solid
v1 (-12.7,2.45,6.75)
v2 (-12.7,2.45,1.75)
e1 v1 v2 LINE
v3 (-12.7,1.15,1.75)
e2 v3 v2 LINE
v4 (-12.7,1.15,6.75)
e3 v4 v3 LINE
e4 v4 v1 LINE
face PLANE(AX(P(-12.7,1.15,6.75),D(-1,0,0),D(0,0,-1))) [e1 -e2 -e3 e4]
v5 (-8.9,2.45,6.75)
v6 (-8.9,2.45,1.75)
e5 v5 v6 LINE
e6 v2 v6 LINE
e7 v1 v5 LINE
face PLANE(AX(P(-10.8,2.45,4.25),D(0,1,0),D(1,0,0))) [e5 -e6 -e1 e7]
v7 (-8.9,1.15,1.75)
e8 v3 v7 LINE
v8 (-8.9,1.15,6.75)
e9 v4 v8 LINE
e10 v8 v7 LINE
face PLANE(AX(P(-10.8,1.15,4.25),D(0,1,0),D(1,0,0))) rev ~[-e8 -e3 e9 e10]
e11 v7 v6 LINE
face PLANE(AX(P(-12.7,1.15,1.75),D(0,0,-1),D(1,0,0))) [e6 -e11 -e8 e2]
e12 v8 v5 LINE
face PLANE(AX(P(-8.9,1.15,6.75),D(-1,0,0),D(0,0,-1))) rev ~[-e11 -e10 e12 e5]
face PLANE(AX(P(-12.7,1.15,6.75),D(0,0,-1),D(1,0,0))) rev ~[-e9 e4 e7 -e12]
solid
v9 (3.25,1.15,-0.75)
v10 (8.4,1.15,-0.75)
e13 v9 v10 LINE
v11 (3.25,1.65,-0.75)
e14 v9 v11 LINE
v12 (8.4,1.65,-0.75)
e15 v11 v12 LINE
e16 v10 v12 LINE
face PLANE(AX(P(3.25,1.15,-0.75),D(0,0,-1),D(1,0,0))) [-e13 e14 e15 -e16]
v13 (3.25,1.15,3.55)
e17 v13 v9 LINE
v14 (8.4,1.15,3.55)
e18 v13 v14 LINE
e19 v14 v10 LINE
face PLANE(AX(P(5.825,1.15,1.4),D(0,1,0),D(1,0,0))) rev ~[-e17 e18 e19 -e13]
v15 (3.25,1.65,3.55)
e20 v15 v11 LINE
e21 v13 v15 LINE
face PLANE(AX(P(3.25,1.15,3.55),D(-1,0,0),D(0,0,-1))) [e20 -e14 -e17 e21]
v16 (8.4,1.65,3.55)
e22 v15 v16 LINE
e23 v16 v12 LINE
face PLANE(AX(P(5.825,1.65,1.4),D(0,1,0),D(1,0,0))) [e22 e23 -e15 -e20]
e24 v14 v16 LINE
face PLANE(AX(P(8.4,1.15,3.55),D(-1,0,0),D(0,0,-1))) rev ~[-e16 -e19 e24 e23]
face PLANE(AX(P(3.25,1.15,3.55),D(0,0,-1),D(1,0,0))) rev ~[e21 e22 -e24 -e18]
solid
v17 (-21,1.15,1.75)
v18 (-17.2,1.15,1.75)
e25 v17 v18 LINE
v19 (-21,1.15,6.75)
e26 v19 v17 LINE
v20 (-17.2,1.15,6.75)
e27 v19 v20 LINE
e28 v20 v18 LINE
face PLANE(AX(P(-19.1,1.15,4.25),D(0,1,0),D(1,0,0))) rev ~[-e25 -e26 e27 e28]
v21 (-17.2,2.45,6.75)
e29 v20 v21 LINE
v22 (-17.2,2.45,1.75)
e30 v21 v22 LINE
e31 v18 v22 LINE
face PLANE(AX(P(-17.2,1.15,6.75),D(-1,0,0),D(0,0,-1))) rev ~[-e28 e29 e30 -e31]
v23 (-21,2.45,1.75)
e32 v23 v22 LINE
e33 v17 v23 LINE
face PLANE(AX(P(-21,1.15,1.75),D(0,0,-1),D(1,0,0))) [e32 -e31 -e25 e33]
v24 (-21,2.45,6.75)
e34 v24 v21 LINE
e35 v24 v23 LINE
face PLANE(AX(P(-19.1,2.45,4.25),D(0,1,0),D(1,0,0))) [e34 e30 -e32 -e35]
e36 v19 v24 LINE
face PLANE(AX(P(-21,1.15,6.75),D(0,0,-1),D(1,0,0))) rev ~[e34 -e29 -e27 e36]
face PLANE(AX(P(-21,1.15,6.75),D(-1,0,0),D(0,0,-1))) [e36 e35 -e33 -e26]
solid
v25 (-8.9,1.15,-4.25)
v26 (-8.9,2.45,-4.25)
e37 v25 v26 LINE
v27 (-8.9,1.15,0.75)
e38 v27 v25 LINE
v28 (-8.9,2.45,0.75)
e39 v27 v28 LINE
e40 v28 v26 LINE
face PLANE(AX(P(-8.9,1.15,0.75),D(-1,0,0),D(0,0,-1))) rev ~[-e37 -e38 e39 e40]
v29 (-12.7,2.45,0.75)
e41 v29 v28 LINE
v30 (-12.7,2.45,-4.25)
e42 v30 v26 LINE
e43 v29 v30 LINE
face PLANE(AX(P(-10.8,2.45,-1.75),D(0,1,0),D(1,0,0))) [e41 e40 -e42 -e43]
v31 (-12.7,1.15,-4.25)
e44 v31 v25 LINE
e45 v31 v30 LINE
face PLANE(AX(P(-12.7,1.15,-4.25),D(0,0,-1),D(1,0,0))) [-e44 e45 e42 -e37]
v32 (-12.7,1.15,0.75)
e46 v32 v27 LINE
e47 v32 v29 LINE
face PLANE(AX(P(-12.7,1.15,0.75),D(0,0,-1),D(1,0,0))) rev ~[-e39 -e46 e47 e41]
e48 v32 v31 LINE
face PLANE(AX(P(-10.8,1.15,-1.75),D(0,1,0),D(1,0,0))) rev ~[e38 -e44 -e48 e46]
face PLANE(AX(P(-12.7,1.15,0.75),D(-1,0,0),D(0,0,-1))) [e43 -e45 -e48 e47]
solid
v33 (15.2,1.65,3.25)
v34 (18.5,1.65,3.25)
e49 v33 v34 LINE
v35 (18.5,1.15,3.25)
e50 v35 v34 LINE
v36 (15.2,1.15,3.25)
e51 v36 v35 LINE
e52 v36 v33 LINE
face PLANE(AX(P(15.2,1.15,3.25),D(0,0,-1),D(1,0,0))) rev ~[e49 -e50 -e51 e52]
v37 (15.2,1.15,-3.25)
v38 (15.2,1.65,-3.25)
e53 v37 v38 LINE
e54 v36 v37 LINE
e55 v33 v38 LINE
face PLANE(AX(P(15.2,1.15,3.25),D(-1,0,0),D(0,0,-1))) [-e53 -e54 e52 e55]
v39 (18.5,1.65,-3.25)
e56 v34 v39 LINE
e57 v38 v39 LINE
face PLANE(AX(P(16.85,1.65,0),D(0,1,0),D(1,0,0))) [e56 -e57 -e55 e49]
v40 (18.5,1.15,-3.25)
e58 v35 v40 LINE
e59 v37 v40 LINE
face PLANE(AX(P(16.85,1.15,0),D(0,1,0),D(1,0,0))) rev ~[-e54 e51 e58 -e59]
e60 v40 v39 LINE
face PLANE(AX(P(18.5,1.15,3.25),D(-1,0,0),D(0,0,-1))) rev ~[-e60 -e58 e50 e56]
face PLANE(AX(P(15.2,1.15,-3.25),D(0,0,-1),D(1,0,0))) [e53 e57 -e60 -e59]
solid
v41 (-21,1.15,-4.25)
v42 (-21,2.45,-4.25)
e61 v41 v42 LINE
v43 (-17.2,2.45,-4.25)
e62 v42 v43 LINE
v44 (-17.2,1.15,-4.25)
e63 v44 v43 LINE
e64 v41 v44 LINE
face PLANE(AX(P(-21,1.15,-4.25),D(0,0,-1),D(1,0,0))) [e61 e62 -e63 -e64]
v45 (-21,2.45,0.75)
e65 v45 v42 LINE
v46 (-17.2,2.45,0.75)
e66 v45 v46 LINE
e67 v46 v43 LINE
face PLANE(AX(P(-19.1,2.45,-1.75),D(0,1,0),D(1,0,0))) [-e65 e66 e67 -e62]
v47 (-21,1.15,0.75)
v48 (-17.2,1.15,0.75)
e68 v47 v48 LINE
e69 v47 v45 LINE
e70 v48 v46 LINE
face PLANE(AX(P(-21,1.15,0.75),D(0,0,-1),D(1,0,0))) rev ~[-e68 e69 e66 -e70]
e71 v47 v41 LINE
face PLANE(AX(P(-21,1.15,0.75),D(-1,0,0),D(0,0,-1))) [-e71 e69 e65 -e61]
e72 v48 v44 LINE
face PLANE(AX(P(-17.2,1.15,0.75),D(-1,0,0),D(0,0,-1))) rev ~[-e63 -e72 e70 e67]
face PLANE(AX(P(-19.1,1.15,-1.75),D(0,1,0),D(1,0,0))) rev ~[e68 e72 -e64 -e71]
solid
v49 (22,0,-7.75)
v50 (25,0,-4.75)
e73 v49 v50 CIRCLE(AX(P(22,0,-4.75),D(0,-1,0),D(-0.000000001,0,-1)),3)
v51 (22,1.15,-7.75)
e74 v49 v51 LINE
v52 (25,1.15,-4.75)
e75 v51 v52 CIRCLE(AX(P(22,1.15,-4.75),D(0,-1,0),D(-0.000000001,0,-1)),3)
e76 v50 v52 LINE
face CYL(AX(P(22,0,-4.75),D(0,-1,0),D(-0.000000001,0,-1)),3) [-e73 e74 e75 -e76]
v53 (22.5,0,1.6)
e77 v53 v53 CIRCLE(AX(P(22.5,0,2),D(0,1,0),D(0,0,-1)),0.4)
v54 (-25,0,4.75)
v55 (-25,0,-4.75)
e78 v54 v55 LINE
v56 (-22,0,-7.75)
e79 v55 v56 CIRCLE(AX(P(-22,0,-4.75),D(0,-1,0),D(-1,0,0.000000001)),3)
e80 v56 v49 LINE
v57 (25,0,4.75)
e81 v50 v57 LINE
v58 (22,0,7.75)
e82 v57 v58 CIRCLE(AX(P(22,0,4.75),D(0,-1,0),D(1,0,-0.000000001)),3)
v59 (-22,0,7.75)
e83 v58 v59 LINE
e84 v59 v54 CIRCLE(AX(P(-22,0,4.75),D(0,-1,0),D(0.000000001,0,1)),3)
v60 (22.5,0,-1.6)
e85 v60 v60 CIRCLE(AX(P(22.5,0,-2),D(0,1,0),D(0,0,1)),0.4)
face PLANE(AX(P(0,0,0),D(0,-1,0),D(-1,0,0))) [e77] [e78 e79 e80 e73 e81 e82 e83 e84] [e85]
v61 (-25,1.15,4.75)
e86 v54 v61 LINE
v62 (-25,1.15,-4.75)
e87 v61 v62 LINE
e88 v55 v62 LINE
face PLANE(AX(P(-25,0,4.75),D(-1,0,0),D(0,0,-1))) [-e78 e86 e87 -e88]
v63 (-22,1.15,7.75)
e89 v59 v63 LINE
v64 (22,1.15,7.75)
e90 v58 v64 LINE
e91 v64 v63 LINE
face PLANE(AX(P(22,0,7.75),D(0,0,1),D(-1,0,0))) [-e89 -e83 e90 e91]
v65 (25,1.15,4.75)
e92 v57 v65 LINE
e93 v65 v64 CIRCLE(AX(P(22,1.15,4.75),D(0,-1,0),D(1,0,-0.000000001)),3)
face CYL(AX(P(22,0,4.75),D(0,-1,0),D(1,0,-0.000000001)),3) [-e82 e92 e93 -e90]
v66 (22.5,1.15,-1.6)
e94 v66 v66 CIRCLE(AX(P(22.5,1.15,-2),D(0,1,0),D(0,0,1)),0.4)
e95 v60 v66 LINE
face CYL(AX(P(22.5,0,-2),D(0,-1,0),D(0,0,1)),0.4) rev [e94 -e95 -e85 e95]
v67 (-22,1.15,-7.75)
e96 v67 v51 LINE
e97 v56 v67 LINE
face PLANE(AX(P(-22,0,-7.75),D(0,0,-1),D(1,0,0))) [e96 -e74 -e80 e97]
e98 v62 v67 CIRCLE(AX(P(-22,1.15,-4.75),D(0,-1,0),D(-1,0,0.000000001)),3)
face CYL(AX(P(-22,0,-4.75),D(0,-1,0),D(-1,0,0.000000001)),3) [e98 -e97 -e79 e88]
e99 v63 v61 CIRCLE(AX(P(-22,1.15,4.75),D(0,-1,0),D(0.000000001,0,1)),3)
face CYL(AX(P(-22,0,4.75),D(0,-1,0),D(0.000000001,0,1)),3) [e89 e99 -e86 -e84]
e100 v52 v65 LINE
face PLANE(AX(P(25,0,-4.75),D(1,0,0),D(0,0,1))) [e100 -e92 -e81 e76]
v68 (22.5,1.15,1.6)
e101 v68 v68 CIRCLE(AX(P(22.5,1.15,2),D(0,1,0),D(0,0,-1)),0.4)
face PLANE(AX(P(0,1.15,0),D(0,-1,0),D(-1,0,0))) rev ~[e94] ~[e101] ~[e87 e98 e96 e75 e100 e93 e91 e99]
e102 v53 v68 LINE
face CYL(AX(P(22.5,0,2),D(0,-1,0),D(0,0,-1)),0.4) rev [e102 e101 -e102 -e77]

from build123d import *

# Parameters (mm, degrees)
CROQUIS1_R                = 0.4
SALIENTE_EXTRUIR1_DEPTH   = 1.15
CROQUIS2_W                = 3.8
CROQUIS2_H                = 5
SALIENTE_EXTRUIR2_DEPTH   = 1.3
SALIENTE_EXTRUIR2_2_DEPTH = 1.3
SALIENTE_EXTRUIR2_3_DEPTH = 1.3
SALIENTE_EXTRUIR2_4_DEPTH = 1.3
CROQUIS3_W                = 5.15
CROQUIS3_H                = 4.3
SALIENTE_EXTRUIR3_DEPTH   = 0.5
CROQUIS3_W_2              = 3.3
CROQUIS3_H_2              = 6.5
SALIENTE_EXTRUIR3_2_DEPTH = 0.5


with BuildPart() as part:
    # Croquis1 → Saliente-Extruir1 (new body)
    with BuildSketch(Plane(origin=(0, 0, 0), x_dir=(1, 0, 0), z_dir=(0, 1, 0))):
        with BuildLine():
            Line((-22, 7.75), (22, 7.75))
            ThreePointArc((22, 7.75), (24.121320344, 6.871320344), (25, 4.75))
            Line((25, 4.75), (25, -4.75))
            ThreePointArc((25, -4.75), (24.121320344, -6.871320344), (22, -7.75))
            Line((22, -7.75), (-22, -7.75))
            ThreePointArc((-22, -7.75), (-24.121320344, -6.871320344), (-25, -4.75))
            Line((-25, -4.75), (-25, 4.75))
            ThreePointArc((-25, 4.75), (-24.121320344, 6.871320344), (-22, 7.75))
        make_face()
        with Locations(Location((22.5, 2, 0), (0, 0, 270))):
            Circle(CROQUIS1_R, mode=Mode.SUBTRACT)
        with Locations(Location((22.5, -2, 0), (0, 0, 90))):
            Circle(CROQUIS1_R, mode=Mode.SUBTRACT)
    extrude(amount=SALIENTE_EXTRUIR1_DEPTH)


with BuildPart() as body_2:
    # Croquis2 → Saliente-Extruir2 (new body)
    with BuildSketch(Plane(origin=(0, 1.15, 0), x_dir=(1, 0, 0), z_dir=(0, 1, 0))):
        with Locations((-19.1, 1.75)):
            Rectangle(CROQUIS2_W, CROQUIS2_H)
    extrude(amount=SALIENTE_EXTRUIR2_DEPTH)


with BuildPart() as body_3:
    # Croquis2 → Saliente-Extruir2 2 (new body)
    with BuildSketch(Plane(origin=(0, 1.15, 0), x_dir=(1, 0, 0), z_dir=(0, 1, 0))):
        with Locations((-10.8, 1.75)):
            Rectangle(CROQUIS2_W, CROQUIS2_H)
    extrude(amount=SALIENTE_EXTRUIR2_2_DEPTH)


with BuildPart() as body_4:
    # Croquis2 → Saliente-Extruir2 3 (new body)
    with BuildSketch(Plane(origin=(0, 1.15, 0), x_dir=(1, 0, 0), z_dir=(0, 1, 0))):
        with Locations((-10.8, -4.25)):
            Rectangle(CROQUIS2_W, CROQUIS2_H)
    extrude(amount=SALIENTE_EXTRUIR2_3_DEPTH)


with BuildPart() as body_5:
    # Croquis2 → Saliente-Extruir2 4 (new body)
    with BuildSketch(Plane(origin=(0, 1.15, 0), x_dir=(1, 0, 0), z_dir=(0, 1, 0))):
        with Locations((-19.1, -4.25)):
            Rectangle(CROQUIS2_W, CROQUIS2_H)
    extrude(amount=SALIENTE_EXTRUIR2_4_DEPTH)


with BuildPart() as body_6:
    # Croquis3 → Saliente-Extruir3 (new body)
    with BuildSketch(Plane(origin=(0, 1.15, 0), x_dir=(1, 0, 0), z_dir=(0, 1, 0))):
        with Locations((5.825, -1.4)):
            Rectangle(CROQUIS3_W, CROQUIS3_H)
    extrude(amount=SALIENTE_EXTRUIR3_DEPTH)


with BuildPart() as body_7:
    # Croquis3 → Saliente-Extruir3 2 (new body)
    with BuildSketch(Plane(origin=(0, 1.15, 0), x_dir=(1, 0, 0), z_dir=(0, 1, 0))):
        with Locations((16.85, 0)):
            Rectangle(CROQUIS3_W_2, CROQUIS3_H_2)
    extrude(amount=SALIENTE_EXTRUIR3_2_DEPTH)


solid = Compound([part.part, body_2.part, body_3.part, body_4.part, body_5.part, body_6.part, body_7.part])
